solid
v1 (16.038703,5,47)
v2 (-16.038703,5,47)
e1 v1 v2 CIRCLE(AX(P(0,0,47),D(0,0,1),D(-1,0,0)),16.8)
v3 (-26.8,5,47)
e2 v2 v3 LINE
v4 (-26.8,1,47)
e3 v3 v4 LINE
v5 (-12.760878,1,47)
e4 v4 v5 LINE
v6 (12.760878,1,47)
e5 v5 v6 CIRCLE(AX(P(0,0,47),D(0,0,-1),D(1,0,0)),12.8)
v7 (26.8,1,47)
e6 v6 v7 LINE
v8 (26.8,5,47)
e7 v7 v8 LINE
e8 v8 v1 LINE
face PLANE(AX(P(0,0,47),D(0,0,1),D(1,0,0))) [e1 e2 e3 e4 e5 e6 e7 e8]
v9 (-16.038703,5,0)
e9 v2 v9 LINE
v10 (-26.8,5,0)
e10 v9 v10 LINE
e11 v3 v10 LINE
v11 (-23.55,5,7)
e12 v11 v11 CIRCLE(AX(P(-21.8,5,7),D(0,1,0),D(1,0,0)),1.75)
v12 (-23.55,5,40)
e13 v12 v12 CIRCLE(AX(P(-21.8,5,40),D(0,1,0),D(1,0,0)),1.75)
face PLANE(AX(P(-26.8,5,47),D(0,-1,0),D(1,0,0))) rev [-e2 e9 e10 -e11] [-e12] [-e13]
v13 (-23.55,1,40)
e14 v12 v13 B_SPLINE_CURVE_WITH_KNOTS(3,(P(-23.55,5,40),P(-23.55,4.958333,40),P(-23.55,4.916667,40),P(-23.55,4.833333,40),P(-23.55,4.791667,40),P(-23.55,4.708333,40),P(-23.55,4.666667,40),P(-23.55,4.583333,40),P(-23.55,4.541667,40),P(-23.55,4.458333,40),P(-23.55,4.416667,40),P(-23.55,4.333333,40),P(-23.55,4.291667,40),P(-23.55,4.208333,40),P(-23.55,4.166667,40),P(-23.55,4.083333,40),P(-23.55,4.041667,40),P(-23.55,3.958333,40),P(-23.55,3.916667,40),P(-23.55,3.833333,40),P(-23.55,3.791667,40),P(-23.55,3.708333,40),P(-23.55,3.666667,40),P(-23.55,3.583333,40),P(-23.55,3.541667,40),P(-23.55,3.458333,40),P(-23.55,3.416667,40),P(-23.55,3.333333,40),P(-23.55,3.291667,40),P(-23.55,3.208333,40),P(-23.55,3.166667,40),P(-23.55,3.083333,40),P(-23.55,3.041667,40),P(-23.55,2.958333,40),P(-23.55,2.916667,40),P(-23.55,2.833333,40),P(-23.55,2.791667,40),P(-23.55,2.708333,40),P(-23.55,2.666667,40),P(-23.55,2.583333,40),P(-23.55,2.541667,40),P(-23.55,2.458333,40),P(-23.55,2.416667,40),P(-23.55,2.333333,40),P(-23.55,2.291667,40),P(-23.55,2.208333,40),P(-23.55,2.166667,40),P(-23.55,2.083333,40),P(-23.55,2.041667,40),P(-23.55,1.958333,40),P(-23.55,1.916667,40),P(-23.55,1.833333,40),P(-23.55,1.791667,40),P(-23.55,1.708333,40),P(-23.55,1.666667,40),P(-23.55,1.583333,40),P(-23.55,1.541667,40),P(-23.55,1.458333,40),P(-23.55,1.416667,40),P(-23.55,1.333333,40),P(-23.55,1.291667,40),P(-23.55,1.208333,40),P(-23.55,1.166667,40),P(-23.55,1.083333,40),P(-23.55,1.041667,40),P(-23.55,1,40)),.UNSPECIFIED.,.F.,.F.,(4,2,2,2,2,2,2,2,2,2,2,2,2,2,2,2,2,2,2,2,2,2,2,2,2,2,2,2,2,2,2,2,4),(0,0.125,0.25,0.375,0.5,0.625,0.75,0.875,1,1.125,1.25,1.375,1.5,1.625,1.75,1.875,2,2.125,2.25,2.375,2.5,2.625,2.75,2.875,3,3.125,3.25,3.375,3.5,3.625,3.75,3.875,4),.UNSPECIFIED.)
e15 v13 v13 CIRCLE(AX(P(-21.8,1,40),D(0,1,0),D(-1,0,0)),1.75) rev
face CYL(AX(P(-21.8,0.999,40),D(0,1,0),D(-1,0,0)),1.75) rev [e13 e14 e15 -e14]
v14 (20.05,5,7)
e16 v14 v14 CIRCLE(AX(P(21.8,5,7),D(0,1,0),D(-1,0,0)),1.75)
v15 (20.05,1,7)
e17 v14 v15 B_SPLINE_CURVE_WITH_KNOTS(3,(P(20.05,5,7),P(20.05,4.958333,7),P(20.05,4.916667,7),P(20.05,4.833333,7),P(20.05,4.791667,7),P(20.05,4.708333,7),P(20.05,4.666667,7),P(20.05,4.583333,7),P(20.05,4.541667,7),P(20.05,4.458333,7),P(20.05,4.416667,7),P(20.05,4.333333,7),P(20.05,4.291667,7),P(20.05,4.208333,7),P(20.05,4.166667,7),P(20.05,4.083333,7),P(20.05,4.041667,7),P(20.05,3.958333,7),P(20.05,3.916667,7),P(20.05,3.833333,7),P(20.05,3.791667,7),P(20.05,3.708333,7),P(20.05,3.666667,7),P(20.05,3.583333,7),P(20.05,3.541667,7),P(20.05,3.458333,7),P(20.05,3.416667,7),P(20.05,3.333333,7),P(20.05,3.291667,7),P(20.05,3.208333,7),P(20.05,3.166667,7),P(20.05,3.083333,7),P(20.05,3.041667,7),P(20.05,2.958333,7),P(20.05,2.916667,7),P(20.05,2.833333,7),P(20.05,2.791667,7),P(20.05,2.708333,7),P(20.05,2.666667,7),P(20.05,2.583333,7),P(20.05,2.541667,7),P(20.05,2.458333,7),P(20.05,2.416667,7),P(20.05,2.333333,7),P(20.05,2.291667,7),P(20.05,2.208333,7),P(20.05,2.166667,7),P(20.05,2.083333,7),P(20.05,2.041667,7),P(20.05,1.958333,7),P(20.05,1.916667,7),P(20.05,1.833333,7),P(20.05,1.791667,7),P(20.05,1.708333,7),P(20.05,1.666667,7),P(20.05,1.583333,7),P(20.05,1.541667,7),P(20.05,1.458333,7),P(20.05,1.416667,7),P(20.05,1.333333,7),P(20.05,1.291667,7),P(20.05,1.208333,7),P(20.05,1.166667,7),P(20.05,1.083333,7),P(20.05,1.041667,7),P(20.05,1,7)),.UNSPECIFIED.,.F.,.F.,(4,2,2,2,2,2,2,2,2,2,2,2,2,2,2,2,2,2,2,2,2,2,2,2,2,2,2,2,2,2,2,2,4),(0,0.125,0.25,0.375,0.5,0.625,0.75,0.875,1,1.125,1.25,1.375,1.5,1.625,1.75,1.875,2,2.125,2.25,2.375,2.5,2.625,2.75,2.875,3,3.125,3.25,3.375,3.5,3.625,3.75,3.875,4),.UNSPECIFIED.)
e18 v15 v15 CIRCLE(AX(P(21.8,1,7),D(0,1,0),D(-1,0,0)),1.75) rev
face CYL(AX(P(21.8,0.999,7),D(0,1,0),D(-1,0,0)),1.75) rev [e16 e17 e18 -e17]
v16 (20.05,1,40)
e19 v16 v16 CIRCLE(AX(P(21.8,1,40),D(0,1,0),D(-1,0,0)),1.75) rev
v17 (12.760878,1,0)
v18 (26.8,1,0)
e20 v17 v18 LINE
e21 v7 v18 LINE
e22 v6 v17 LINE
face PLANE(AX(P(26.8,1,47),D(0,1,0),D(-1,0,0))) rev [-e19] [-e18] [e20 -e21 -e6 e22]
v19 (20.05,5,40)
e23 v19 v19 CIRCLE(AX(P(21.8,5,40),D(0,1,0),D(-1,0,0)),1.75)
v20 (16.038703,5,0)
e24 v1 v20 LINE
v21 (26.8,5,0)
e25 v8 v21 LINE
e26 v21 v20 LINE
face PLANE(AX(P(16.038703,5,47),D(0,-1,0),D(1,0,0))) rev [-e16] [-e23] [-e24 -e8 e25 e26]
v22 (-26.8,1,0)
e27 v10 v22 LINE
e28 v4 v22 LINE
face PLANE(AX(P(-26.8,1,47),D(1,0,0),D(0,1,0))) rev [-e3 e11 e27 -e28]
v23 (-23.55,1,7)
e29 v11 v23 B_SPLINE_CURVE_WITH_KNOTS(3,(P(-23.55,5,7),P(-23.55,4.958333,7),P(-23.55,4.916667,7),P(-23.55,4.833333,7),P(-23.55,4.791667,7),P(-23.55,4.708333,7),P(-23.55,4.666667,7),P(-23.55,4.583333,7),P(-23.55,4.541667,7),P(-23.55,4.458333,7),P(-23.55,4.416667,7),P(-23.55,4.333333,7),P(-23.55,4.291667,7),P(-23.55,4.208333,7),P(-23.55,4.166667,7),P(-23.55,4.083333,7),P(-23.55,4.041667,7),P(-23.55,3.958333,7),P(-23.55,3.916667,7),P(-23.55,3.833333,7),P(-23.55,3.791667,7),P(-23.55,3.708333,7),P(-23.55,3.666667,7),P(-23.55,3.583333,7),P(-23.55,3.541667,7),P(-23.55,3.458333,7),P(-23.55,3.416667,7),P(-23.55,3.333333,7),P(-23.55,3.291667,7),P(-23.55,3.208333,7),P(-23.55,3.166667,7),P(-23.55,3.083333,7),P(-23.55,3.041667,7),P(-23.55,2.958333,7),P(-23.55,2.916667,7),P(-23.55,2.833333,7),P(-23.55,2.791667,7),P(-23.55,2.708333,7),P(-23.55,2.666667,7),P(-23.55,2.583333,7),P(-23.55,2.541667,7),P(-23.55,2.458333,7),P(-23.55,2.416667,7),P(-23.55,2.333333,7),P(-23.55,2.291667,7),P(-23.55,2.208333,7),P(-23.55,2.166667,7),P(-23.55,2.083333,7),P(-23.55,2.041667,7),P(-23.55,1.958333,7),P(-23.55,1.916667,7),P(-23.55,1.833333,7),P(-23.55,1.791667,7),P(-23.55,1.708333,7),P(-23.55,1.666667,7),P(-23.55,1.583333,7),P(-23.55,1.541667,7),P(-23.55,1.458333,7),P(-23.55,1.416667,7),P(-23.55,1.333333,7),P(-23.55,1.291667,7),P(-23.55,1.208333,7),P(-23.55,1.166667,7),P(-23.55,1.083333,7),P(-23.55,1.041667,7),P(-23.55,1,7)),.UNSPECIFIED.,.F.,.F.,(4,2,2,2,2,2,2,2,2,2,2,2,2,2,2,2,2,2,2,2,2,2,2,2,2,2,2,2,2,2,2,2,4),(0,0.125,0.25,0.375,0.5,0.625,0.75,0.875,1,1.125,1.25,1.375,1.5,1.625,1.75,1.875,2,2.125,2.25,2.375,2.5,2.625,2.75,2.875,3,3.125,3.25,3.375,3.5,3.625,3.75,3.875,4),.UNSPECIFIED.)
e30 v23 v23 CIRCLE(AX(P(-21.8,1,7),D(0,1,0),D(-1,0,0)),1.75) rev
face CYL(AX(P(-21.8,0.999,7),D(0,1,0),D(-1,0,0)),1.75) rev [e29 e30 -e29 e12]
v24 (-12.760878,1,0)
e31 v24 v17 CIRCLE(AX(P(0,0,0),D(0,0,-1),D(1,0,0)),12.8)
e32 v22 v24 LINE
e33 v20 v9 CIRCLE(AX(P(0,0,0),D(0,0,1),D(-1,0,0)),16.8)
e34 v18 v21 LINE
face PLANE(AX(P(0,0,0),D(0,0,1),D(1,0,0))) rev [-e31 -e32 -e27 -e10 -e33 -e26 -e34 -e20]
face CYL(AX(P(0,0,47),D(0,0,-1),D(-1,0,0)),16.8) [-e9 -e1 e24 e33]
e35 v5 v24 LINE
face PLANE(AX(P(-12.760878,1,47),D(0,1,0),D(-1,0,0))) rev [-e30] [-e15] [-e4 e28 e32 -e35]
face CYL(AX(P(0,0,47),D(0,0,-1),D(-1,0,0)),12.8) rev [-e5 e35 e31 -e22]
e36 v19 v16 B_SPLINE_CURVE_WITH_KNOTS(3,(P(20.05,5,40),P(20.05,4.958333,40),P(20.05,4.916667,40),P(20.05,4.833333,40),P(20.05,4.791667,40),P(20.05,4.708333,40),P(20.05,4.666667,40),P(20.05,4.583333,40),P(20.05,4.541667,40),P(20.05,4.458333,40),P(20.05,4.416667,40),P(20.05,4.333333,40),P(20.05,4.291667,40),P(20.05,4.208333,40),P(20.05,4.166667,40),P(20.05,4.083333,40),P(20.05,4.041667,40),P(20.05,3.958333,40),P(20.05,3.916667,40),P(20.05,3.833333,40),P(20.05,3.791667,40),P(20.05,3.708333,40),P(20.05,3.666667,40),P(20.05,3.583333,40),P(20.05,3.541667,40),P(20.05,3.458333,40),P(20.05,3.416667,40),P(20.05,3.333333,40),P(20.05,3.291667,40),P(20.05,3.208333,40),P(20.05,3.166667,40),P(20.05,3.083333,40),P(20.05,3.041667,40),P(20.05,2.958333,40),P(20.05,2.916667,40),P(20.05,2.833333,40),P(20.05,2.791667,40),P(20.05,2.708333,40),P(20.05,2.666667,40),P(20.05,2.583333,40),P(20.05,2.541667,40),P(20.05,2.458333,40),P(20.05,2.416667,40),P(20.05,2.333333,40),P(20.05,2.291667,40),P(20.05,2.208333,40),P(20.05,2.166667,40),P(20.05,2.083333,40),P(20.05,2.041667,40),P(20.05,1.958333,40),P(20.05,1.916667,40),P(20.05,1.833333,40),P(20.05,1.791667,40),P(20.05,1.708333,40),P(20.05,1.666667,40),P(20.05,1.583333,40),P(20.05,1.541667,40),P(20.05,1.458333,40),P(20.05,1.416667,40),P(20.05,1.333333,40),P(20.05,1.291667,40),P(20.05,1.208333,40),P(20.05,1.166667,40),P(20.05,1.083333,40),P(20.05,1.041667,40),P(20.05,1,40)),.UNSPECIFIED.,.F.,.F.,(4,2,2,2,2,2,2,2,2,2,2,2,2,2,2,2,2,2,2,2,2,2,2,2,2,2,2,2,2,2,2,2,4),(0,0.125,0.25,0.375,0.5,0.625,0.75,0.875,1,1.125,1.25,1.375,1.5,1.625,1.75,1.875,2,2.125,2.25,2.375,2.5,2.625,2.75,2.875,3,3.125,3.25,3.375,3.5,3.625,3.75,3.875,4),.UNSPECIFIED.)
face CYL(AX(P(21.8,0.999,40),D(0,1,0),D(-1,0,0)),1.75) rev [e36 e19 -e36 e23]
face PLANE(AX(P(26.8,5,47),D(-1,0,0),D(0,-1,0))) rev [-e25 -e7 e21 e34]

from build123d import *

# Parameters (mm, degrees)
BOSS_EXTRUDE1_DEPTH = 47
CUT_EXTRUDE1_REACH  = 57.376
SKETCH2_R           = 1.75


with BuildPart() as part:
    # Sketch1 → Boss-Extrude1 (new body)
    with BuildSketch(Plane(origin=(0, 0, 0), x_dir=(0, 1, 0), z_dir=(0, 0, 1))):
        with BuildLine():
            Line((1, 12.760877713), (1, 26.8))
            Line((1, 26.8), (5, 26.8))
            Line((5, 26.8), (5, 16.038703189))
            ThreePointArc((5, 16.038703189), (16.8, 0), (5, -16.038703189))
            Line((5, -16.038703189), (5, -26.8))
            Line((5, -26.8), (1, -26.8))
            Line((1, -26.8), (1, -12.760877713))
            ThreePointArc((1, -12.760877713), (12.8, 0), (1, 12.760877713))
        make_face()
    extrude(amount=BOSS_EXTRUDE1_DEPTH)

    # Sketch2 → Cut-Extrude1 (cut, up to next)
    with BuildSketch(Plane(origin=(0, 5, 0), x_dir=(-1, 0, 0), z_dir=(0, 1, 0)), mode=Mode.PRIVATE) as cut_extrude1_sk1:
        with Locations((-21.8, 40)):
            Circle(SKETCH2_R)
    cut_extrude1_tool1 = extrude(cut_extrude1_sk1.sketch, amount=-CUT_EXTRUDE1_REACH, mode=Mode.PRIVATE) & part.part
    # Sketch2 → Cut-Extrude1 (cut, up to next)
    with BuildSketch(Plane(origin=(0, 5, 0), x_dir=(-1, 0, 0), z_dir=(0, 1, 0)), mode=Mode.PRIVATE) as cut_extrude1_sk2:
        with Locations((-21.8, 7)):
            Circle(SKETCH2_R)
    cut_extrude1_tool2 = extrude(cut_extrude1_sk2.sketch, amount=-CUT_EXTRUDE1_REACH, mode=Mode.PRIVATE) & part.part
    # Sketch2 → Cut-Extrude1 (cut, up to next)
    with BuildSketch(Plane(origin=(0, 5, 0), x_dir=(-1, 0, 0), z_dir=(0, 1, 0)), mode=Mode.PRIVATE) as cut_extrude1_sk3:
        with Locations((21.8, 7)):
            Circle(SKETCH2_R)
    cut_extrude1_tool3 = extrude(cut_extrude1_sk3.sketch, amount=-CUT_EXTRUDE1_REACH, mode=Mode.PRIVATE) & part.part
    # Sketch2 → Cut-Extrude1 (cut, up to next)
    with BuildSketch(Plane(origin=(0, 5, 0), x_dir=(-1, 0, 0), z_dir=(0, 1, 0)), mode=Mode.PRIVATE) as cut_extrude1_sk4:
        with Locations((21.8, 40)):
            Circle(SKETCH2_R)
    cut_extrude1_tool4 = extrude(cut_extrude1_sk4.sketch, amount=-CUT_EXTRUDE1_REACH, mode=Mode.PRIVATE) & part.part
    add(cut_extrude1_tool1.solids().sort_by_distance((21.8, 5, 40))[0], mode=Mode.SUBTRACT)
    add(cut_extrude1_tool2.solids().sort_by_distance((21.8, 5, 7))[0], mode=Mode.SUBTRACT)
    add(cut_extrude1_tool3.solids().sort_by_distance((-21.8, 5, 7))[0], mode=Mode.SUBTRACT)
    add(cut_extrude1_tool4.solids().sort_by_distance((-21.8, 5, 40))[0], mode=Mode.SUBTRACT)


solid = part.part
